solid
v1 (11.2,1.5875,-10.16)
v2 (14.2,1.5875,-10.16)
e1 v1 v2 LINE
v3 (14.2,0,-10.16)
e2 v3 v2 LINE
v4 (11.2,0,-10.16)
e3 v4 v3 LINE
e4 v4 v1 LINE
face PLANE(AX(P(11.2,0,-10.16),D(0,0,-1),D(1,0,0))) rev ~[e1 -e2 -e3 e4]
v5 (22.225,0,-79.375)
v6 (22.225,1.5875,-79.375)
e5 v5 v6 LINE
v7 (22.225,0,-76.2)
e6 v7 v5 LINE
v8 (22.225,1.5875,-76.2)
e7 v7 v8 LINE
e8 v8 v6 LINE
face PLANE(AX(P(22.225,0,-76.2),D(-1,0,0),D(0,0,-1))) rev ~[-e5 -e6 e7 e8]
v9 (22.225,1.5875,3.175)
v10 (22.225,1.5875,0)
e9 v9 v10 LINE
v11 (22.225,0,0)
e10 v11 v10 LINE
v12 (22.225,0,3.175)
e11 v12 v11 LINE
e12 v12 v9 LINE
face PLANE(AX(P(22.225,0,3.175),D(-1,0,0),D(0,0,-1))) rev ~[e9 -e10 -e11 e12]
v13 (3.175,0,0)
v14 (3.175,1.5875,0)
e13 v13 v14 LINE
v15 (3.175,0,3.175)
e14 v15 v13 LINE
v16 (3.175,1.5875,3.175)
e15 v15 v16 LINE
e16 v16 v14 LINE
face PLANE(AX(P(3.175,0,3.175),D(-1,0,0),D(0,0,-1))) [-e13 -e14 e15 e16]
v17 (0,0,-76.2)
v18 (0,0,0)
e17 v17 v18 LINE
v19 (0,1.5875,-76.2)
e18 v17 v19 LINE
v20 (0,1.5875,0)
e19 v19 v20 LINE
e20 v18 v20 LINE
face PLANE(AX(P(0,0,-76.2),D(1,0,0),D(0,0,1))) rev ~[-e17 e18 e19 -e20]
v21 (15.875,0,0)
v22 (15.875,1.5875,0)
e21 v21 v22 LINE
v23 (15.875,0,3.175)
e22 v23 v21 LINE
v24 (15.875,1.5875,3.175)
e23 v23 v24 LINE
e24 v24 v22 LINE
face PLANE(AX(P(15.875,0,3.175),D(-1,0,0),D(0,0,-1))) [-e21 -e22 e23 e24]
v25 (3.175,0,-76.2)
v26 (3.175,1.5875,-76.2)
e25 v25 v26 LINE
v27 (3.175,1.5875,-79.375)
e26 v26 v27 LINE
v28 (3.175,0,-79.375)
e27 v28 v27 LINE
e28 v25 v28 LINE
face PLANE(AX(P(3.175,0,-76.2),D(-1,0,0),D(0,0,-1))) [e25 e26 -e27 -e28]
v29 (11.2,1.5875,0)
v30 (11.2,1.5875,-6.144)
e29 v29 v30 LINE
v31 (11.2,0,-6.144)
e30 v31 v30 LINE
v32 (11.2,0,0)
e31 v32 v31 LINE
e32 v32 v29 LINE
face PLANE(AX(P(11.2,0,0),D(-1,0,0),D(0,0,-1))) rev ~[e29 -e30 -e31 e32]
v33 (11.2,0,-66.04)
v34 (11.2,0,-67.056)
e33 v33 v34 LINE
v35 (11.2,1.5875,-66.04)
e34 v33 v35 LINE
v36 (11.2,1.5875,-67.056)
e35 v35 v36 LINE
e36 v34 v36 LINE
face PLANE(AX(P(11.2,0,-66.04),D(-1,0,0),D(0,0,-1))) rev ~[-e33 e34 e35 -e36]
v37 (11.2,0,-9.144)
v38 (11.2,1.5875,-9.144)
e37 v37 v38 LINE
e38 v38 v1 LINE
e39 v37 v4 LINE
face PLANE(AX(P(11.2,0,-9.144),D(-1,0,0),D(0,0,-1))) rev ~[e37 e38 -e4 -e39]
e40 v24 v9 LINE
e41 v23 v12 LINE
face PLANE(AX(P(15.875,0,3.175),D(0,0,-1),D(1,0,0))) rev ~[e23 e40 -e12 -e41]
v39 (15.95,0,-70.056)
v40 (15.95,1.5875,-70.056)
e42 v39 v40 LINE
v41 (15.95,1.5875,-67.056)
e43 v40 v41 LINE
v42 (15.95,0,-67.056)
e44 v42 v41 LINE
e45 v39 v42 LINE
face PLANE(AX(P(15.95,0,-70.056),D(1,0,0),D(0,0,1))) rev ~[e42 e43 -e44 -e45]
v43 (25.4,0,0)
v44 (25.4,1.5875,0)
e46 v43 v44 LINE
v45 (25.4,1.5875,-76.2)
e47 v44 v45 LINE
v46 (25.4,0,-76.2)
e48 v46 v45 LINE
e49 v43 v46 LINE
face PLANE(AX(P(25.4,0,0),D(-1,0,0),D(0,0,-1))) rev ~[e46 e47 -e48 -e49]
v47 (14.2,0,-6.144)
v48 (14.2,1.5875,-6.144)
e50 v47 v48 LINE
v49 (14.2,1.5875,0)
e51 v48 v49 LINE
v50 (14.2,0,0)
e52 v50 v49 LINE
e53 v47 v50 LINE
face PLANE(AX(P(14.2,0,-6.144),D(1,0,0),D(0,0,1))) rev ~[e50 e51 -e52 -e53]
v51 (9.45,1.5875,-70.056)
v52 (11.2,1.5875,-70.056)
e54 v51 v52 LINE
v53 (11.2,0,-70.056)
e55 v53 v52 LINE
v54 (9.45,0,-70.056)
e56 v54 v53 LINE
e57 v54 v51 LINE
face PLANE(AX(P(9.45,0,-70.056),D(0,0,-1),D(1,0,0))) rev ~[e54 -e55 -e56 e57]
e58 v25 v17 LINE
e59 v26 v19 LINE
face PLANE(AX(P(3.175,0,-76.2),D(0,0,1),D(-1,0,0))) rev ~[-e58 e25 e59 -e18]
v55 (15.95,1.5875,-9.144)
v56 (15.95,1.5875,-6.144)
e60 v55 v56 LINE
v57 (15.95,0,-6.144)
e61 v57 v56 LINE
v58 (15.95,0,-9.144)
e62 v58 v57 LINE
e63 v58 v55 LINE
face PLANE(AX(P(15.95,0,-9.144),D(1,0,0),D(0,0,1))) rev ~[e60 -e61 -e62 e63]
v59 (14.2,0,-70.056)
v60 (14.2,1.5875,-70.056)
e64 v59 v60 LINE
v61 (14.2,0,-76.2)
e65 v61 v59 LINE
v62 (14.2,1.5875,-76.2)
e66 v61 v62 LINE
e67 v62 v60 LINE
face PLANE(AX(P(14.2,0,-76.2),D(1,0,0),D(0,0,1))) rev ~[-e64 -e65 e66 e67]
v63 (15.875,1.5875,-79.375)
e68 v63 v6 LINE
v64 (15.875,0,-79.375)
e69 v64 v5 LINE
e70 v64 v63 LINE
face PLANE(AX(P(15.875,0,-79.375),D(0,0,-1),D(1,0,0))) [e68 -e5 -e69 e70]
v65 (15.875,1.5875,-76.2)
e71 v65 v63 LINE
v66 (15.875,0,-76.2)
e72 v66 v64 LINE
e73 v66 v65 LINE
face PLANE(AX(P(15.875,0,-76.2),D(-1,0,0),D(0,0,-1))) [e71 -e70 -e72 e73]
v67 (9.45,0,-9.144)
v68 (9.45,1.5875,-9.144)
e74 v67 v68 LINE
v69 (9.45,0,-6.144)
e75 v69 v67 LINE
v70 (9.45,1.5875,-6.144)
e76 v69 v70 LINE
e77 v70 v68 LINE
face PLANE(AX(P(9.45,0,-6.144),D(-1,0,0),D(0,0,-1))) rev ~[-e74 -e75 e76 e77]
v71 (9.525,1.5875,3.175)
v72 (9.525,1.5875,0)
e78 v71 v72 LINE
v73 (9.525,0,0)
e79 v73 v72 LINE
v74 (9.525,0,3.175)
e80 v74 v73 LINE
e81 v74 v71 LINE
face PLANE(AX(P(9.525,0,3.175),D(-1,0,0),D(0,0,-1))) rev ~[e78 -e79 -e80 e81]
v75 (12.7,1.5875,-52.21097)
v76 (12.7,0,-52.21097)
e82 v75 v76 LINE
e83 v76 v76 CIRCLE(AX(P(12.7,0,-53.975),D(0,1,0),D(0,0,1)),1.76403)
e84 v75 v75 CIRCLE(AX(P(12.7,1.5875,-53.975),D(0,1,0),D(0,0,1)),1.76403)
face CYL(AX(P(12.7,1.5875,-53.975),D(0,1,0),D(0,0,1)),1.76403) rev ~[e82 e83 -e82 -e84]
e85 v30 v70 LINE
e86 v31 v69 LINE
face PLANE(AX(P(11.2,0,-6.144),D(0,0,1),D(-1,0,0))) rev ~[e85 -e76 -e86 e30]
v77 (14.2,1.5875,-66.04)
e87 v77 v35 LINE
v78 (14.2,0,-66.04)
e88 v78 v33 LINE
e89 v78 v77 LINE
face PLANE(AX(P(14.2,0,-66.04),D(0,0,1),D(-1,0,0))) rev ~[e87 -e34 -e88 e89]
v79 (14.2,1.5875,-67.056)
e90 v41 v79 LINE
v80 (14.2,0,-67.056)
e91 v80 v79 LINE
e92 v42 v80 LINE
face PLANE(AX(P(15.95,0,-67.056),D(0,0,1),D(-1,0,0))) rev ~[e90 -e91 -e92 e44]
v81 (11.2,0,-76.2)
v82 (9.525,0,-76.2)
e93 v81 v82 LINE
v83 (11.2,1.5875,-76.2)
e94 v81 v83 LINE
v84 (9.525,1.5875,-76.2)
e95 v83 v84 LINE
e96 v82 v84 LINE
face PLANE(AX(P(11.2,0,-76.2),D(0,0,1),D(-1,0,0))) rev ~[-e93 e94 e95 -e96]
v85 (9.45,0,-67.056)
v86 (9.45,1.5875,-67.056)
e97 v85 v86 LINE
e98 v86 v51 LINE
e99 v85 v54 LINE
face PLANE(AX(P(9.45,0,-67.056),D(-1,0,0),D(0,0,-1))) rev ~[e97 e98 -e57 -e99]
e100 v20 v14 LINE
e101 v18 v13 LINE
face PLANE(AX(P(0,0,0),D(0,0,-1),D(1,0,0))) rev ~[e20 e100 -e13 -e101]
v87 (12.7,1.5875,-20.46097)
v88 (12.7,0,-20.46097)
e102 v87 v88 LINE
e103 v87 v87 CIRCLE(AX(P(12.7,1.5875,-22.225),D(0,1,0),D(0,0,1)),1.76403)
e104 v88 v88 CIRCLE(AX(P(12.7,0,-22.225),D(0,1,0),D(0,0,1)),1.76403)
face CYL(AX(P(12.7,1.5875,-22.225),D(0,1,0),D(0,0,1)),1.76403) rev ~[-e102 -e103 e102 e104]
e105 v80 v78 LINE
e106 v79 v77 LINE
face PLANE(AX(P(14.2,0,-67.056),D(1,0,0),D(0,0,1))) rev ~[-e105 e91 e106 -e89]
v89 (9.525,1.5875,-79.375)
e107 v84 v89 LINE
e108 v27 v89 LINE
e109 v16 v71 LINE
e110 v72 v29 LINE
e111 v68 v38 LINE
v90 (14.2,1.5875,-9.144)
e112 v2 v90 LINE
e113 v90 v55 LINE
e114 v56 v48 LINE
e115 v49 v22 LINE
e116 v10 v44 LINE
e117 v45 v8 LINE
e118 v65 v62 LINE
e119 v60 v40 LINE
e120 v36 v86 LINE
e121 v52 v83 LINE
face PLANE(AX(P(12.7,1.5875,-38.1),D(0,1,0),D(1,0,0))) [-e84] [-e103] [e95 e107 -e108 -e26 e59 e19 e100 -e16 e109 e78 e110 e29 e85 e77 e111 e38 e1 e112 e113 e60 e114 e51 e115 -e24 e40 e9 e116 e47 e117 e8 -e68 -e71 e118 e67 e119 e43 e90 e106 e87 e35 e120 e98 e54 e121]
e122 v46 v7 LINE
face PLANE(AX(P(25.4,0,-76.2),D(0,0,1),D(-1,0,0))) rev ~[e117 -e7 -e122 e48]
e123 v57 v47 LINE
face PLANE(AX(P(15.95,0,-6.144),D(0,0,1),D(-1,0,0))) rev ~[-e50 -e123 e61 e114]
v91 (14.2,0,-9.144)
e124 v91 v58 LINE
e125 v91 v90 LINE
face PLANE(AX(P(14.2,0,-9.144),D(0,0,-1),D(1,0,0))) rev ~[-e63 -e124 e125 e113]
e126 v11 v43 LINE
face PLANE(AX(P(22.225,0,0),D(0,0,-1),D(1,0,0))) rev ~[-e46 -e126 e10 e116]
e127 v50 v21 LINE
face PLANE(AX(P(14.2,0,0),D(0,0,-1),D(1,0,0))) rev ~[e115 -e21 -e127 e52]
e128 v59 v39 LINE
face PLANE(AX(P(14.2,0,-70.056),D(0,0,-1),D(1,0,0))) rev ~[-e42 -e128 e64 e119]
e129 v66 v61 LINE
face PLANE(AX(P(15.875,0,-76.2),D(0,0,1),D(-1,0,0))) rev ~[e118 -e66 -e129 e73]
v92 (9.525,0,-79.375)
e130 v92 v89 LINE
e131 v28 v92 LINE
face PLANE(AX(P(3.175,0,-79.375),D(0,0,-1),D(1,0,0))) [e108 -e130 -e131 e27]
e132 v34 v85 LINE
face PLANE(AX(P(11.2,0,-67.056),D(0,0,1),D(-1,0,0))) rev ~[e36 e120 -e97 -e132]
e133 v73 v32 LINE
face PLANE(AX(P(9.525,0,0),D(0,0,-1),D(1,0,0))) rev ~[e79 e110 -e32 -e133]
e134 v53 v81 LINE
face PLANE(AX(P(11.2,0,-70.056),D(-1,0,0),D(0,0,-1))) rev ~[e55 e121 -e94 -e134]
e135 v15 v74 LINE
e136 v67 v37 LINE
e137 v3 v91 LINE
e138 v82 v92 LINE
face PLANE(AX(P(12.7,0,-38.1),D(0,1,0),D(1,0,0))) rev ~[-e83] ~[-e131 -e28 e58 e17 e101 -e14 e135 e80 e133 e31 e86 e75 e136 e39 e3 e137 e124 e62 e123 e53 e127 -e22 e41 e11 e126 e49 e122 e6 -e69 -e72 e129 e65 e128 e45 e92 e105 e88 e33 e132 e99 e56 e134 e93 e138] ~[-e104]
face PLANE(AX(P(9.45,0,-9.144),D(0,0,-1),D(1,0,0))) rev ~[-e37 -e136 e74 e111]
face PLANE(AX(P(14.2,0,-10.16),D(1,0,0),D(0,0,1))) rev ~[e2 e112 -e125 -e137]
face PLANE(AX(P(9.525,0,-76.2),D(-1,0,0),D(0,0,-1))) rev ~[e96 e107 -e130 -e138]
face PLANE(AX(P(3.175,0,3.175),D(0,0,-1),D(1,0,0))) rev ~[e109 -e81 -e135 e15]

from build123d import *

# Parameters (mm, degrees)
SKETCH1_W           = 6.35
SKETCH1_H           = 3.175
BOSS_EXTRUDE1_DEPTH = 1.5875
SKETCH2_R           = 1.76403
CUT_EXTRUDE1_DEPTH  = 1.5875


with BuildPart() as part:
    # Sketch1 → Boss-Extrude1 (new body)
    with BuildSketch(Plane(origin=(0, 0, 0), x_dir=(1, 0, 0), z_dir=(0, 1, 0))):
        Polygon((0, 76.2), (0, 0), (3.175, 0), (9.525, 0), (11.2, 0), (11.2, 6.144), (9.45, 6.144), (9.45, 9.144), (11.2, 9.144), (11.2, 10.16), (14.2, 10.16), (14.2, 9.144), (15.95, 9.144), (15.95, 6.144), (14.2, 6.144), (14.2, 0), (15.875, 0), (22.225, 0), (25.4, 0), (25.4, 76.2), (22.225, 76.2), (15.875, 76.2), (14.2, 76.2), (14.2, 70.056), (15.95, 70.056), (15.95, 67.056), (14.2, 67.056), (14.2, 66.04), (11.2, 66.04), (11.2, 67.056), (9.45, 67.056), (9.45, 70.056), (11.2, 70.056), (11.2, 76.2), (9.525, 76.2), (3.175, 76.2), align=None)
        with Locations((6.35, 77.7875)):
            Rectangle(SKETCH1_W, SKETCH1_H)
        with Locations((19.05, 77.7875)):
            Rectangle(SKETCH1_W, SKETCH1_H)
        with Locations((6.35, -1.5875)):
            Rectangle(SKETCH1_W, SKETCH1_H)
        with Locations((19.05, -1.5875)):
            Rectangle(SKETCH1_W, SKETCH1_H)
    extrude(amount=BOSS_EXTRUDE1_DEPTH)

    # Sketch2 → Cut-Extrude1 (cut)
    with BuildSketch(Plane(origin=(0, 1.5875, 0), x_dir=(1, 0, 0), z_dir=(0, 1, 0))):
        with Locations(Location((12.7, 53.975, 0), (0, 0, 270))):
            Circle(SKETCH2_R)
        with Locations(Location((12.7, 22.225, 0), (0, 0, 270))):
            Circle(SKETCH2_R)
    extrude(amount=-CUT_EXTRUDE1_DEPTH, mode=Mode.SUBTRACT)


solid = part.part
